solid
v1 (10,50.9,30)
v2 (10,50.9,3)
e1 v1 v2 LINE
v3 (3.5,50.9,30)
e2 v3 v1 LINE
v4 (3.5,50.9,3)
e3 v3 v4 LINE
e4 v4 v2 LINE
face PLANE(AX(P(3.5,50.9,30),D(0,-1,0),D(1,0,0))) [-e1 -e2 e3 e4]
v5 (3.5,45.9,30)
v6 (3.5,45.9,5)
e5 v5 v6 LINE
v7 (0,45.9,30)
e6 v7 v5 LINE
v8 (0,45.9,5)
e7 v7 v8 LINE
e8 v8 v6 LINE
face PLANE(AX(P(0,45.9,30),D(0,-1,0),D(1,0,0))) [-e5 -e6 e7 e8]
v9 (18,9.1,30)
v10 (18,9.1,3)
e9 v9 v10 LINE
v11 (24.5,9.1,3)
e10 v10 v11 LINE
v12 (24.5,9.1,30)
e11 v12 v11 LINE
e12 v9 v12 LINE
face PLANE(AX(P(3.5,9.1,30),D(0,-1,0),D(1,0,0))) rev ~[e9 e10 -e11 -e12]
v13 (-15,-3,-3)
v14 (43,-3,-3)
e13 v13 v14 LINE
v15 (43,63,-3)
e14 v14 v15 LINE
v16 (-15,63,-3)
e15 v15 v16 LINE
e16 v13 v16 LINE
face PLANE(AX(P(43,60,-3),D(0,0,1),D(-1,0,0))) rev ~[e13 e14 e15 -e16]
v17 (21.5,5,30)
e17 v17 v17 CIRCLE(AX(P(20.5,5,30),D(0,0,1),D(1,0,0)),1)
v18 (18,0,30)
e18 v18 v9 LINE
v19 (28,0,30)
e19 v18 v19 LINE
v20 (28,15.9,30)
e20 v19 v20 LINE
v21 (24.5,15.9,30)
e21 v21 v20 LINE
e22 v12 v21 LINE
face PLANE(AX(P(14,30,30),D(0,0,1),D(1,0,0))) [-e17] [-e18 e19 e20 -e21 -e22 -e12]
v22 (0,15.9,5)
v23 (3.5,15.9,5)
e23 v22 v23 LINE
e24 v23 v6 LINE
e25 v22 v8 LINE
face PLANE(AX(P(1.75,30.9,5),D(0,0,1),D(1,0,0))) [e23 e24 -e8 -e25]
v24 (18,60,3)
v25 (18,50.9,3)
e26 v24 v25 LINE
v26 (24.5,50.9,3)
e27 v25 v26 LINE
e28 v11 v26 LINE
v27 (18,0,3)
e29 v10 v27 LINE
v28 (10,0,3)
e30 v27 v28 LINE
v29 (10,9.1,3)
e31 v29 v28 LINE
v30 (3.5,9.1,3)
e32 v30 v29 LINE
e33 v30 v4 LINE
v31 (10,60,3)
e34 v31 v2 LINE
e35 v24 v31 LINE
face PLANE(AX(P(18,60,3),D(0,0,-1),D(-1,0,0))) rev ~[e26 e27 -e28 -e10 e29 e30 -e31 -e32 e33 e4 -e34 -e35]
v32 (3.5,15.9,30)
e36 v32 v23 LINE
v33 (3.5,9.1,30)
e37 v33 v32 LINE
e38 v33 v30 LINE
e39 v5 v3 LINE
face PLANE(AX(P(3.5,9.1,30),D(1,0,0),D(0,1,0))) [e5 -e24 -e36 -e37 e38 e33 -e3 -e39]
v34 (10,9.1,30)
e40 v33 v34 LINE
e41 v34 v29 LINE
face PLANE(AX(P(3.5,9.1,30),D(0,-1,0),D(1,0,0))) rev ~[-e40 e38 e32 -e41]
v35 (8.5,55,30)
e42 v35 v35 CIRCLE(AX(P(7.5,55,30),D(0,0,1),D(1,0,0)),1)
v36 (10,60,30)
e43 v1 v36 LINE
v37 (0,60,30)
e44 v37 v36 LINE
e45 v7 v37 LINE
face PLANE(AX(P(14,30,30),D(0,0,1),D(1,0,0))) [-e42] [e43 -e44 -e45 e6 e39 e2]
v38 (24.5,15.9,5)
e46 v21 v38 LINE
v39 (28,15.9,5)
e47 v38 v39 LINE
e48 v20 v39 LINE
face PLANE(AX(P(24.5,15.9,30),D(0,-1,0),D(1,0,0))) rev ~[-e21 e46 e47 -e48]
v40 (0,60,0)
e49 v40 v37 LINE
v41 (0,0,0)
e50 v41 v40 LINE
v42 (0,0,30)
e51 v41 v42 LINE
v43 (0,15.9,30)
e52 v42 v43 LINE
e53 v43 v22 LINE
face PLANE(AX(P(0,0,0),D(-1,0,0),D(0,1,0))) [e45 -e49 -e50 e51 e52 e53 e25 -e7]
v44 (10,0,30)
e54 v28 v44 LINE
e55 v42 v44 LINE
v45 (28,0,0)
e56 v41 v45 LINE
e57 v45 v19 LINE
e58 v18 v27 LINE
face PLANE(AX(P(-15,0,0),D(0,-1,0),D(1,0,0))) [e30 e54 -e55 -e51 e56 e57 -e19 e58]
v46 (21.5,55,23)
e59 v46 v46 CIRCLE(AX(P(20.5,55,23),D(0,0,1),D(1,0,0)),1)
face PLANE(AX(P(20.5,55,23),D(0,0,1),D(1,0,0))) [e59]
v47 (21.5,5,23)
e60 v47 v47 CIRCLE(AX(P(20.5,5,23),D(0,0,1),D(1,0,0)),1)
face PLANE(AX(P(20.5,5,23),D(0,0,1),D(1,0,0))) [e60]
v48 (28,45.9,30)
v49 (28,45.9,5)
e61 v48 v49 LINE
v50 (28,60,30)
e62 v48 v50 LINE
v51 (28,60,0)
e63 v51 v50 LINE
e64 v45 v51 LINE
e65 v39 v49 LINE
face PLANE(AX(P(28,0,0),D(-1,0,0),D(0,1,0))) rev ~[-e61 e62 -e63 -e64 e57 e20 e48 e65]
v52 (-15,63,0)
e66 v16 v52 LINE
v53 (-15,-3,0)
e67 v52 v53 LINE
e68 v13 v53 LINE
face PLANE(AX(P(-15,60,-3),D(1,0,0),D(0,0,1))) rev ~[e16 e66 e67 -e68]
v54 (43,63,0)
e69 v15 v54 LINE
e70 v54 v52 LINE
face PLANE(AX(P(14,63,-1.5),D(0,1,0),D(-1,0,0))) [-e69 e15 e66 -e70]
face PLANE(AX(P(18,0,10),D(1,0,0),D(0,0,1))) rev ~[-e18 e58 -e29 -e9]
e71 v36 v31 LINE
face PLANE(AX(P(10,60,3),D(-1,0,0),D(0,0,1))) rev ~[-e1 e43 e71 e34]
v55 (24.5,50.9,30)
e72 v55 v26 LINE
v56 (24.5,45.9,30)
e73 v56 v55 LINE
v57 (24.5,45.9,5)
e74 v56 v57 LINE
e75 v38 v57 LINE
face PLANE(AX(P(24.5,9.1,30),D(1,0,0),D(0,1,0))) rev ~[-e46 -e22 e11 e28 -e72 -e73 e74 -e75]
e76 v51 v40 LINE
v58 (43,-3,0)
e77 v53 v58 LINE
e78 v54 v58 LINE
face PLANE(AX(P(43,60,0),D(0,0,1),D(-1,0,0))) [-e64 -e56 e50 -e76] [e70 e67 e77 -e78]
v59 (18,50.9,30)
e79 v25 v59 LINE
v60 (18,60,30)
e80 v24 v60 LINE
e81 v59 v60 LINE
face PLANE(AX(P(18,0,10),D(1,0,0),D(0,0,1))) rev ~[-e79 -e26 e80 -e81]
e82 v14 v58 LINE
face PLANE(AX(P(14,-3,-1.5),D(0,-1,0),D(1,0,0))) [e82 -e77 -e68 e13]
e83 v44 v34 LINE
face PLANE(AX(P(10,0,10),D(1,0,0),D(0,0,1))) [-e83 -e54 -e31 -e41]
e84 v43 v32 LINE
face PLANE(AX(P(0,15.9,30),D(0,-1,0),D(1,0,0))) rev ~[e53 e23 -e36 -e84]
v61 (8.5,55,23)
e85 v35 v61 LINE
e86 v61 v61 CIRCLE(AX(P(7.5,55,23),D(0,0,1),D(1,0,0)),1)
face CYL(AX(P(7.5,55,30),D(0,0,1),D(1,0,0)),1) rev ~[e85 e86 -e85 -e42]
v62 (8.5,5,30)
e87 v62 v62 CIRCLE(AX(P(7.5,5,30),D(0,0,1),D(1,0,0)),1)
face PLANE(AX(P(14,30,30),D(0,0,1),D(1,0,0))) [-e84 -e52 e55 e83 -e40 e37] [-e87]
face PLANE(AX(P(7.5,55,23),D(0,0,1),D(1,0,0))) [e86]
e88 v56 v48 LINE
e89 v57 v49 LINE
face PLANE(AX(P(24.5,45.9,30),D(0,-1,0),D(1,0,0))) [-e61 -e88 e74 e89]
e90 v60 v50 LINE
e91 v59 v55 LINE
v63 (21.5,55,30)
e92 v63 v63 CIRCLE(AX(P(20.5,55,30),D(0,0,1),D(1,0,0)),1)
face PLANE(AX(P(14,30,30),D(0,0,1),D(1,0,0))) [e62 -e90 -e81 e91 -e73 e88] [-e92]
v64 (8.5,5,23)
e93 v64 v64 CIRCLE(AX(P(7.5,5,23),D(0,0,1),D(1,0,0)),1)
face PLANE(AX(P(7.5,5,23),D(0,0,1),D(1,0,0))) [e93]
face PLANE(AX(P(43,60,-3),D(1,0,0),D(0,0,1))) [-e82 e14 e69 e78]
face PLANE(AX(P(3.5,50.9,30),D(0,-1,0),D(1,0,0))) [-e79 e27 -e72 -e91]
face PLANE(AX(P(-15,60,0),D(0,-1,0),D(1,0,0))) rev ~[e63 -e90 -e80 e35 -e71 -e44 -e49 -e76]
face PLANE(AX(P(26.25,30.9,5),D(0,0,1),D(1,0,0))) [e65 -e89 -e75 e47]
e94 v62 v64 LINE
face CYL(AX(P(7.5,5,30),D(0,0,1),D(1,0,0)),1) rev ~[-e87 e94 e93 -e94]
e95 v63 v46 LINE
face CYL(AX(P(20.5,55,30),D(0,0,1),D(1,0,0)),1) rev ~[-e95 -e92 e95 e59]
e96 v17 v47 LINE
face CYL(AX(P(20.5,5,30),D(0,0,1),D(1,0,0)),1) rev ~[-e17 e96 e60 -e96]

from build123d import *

# Parameters (mm, degrees)
SKETCH_W        = 28
SKETCH_H        = 60
PAD_DEPTH       = 30
SKETCH001_W     = 21
SKETCH001_H     = 41.8
POCKET_DEPTH    = 27
SKETCH002_W     = 3.5
SKETCH002_H     = 30
POCKET001_DEPTH = 25
SKETCH003_W     = 3.5
SKETCH003_H     = 30
POCKET002_DEPTH = 25
SKETCH006_W     = 8
SKETCH006_H     = 7
POCKET005_DEPTH = 60.001
SKETCH007_R     = 1
POCKET006_DEPTH = 7
SKETCH008_R     = 1
POCKET007_DEPTH = 7
SKETCH009_W     = 8
SKETCH009_H     = 20
POCKET008_DEPTH = 60.001
SKETCH010_W     = 58
SKETCH010_H     = 60
PAD001_DEPTH    = 3
SKETCH011_W     = 58
SKETCH011_H     = 3
PAD002_DEPTH    = 3
SKETCH012_W     = 58
SKETCH012_H     = 3
PAD003_DEPTH    = 3


with BuildPart() as part:
    # Sketch → Pad (new body)
    with BuildSketch(Plane.XY):
        with Locations((14, 30)):
            Rectangle(SKETCH_W, SKETCH_H)
    extrude(amount=PAD_DEPTH)

    # Sketch001 (on Face6 of Pad) → Pocket (cut)
    with BuildSketch(Plane.XY.offset(30)):
        with Locations((14, 30)):
            Rectangle(SKETCH001_W, SKETCH001_H)
    extrude(amount=-POCKET_DEPTH, mode=Mode.SUBTRACT)

    # Sketch002 (on Face5 of Pocket) → Pocket001 (cut)
    with BuildSketch(Plane.XY.offset(30)):
        with Locations((1.75, 30.9)):
            Rectangle(SKETCH002_W, SKETCH002_H)
    extrude(amount=-POCKET001_DEPTH, mode=Mode.SUBTRACT)

    # Sketch003 (on Face5 of Pocket) → Pocket002 (cut)
    with BuildSketch(Plane.XY.offset(30)):
        with Locations((26.25, 30.9)):
            Rectangle(SKETCH003_W, SKETCH003_H)
    extrude(amount=-POCKET002_DEPTH, mode=Mode.SUBTRACT)

    # Sketch006 → Pocket005 (cut, through all)
    with BuildSketch(Plane(origin=(0, 60, 0), x_dir=(-1, 0, 0), z_dir=(0, 1, 0))):
        with Locations((-14, 6.5)):
            Rectangle(SKETCH006_W, SKETCH006_H)
    extrude(amount=-POCKET005_DEPTH, mode=Mode.SUBTRACT)

    # Sketch007 (on Face4 of Pocket005) → Pocket006 (cut)
    with BuildSketch(Plane.XY.offset(30)):
        with Locations((7.5, 5)):
            Circle(SKETCH007_R)
        with Locations((20.5, 5)):
            Circle(SKETCH007_R)
    extrude(amount=-POCKET006_DEPTH, mode=Mode.SUBTRACT)

    # Sketch008 (on Face13 of Pocket005) → Pocket007 (cut)
    with BuildSketch(Plane.XY.offset(30)):
        with Locations((7.5, 55)):
            Circle(SKETCH008_R)
        with Locations((20.5, 55)):
            Circle(SKETCH008_R)
    extrude(amount=-POCKET007_DEPTH, mode=Mode.SUBTRACT)

    # Sketch009 (on Face1 of Pocket007) → Pocket008 (cut, through all)
    with BuildSketch(Plane.XZ):
        with Locations((14, 20)):
            Rectangle(SKETCH009_W, SKETCH009_H)
    extrude(amount=-POCKET008_DEPTH, mode=Mode.SUBTRACT)

    # Sketch010 (on Face2 of Pocket008) → Pad001 (join)
    with BuildSketch(Plane(origin=(0, 0, 0), x_dir=(1, 0, 0), z_dir=(0, 0, -1))):
        with Locations((14, -30)):
            Rectangle(SKETCH010_W, SKETCH010_H)
    extrude(amount=PAD001_DEPTH)

    # Sketch011 (on Face1 of Pad001) → Pad002 (join)
    with BuildSketch(Plane.XZ):
        with Locations((14, -1.5)):
            Rectangle(SKETCH011_W, SKETCH011_H)
    extrude(amount=PAD002_DEPTH)

    # Sketch012 (on Face8 of Pad001) → Pad003 (join)
    with BuildSketch(Plane(origin=(0, 60, 0), x_dir=(-1, 0, 0), z_dir=(0, 1, 0))):
        with Locations((-14, -1.5)):
            Rectangle(SKETCH012_W, SKETCH012_H)
    extrude(amount=PAD003_DEPTH)


solid = part.part
